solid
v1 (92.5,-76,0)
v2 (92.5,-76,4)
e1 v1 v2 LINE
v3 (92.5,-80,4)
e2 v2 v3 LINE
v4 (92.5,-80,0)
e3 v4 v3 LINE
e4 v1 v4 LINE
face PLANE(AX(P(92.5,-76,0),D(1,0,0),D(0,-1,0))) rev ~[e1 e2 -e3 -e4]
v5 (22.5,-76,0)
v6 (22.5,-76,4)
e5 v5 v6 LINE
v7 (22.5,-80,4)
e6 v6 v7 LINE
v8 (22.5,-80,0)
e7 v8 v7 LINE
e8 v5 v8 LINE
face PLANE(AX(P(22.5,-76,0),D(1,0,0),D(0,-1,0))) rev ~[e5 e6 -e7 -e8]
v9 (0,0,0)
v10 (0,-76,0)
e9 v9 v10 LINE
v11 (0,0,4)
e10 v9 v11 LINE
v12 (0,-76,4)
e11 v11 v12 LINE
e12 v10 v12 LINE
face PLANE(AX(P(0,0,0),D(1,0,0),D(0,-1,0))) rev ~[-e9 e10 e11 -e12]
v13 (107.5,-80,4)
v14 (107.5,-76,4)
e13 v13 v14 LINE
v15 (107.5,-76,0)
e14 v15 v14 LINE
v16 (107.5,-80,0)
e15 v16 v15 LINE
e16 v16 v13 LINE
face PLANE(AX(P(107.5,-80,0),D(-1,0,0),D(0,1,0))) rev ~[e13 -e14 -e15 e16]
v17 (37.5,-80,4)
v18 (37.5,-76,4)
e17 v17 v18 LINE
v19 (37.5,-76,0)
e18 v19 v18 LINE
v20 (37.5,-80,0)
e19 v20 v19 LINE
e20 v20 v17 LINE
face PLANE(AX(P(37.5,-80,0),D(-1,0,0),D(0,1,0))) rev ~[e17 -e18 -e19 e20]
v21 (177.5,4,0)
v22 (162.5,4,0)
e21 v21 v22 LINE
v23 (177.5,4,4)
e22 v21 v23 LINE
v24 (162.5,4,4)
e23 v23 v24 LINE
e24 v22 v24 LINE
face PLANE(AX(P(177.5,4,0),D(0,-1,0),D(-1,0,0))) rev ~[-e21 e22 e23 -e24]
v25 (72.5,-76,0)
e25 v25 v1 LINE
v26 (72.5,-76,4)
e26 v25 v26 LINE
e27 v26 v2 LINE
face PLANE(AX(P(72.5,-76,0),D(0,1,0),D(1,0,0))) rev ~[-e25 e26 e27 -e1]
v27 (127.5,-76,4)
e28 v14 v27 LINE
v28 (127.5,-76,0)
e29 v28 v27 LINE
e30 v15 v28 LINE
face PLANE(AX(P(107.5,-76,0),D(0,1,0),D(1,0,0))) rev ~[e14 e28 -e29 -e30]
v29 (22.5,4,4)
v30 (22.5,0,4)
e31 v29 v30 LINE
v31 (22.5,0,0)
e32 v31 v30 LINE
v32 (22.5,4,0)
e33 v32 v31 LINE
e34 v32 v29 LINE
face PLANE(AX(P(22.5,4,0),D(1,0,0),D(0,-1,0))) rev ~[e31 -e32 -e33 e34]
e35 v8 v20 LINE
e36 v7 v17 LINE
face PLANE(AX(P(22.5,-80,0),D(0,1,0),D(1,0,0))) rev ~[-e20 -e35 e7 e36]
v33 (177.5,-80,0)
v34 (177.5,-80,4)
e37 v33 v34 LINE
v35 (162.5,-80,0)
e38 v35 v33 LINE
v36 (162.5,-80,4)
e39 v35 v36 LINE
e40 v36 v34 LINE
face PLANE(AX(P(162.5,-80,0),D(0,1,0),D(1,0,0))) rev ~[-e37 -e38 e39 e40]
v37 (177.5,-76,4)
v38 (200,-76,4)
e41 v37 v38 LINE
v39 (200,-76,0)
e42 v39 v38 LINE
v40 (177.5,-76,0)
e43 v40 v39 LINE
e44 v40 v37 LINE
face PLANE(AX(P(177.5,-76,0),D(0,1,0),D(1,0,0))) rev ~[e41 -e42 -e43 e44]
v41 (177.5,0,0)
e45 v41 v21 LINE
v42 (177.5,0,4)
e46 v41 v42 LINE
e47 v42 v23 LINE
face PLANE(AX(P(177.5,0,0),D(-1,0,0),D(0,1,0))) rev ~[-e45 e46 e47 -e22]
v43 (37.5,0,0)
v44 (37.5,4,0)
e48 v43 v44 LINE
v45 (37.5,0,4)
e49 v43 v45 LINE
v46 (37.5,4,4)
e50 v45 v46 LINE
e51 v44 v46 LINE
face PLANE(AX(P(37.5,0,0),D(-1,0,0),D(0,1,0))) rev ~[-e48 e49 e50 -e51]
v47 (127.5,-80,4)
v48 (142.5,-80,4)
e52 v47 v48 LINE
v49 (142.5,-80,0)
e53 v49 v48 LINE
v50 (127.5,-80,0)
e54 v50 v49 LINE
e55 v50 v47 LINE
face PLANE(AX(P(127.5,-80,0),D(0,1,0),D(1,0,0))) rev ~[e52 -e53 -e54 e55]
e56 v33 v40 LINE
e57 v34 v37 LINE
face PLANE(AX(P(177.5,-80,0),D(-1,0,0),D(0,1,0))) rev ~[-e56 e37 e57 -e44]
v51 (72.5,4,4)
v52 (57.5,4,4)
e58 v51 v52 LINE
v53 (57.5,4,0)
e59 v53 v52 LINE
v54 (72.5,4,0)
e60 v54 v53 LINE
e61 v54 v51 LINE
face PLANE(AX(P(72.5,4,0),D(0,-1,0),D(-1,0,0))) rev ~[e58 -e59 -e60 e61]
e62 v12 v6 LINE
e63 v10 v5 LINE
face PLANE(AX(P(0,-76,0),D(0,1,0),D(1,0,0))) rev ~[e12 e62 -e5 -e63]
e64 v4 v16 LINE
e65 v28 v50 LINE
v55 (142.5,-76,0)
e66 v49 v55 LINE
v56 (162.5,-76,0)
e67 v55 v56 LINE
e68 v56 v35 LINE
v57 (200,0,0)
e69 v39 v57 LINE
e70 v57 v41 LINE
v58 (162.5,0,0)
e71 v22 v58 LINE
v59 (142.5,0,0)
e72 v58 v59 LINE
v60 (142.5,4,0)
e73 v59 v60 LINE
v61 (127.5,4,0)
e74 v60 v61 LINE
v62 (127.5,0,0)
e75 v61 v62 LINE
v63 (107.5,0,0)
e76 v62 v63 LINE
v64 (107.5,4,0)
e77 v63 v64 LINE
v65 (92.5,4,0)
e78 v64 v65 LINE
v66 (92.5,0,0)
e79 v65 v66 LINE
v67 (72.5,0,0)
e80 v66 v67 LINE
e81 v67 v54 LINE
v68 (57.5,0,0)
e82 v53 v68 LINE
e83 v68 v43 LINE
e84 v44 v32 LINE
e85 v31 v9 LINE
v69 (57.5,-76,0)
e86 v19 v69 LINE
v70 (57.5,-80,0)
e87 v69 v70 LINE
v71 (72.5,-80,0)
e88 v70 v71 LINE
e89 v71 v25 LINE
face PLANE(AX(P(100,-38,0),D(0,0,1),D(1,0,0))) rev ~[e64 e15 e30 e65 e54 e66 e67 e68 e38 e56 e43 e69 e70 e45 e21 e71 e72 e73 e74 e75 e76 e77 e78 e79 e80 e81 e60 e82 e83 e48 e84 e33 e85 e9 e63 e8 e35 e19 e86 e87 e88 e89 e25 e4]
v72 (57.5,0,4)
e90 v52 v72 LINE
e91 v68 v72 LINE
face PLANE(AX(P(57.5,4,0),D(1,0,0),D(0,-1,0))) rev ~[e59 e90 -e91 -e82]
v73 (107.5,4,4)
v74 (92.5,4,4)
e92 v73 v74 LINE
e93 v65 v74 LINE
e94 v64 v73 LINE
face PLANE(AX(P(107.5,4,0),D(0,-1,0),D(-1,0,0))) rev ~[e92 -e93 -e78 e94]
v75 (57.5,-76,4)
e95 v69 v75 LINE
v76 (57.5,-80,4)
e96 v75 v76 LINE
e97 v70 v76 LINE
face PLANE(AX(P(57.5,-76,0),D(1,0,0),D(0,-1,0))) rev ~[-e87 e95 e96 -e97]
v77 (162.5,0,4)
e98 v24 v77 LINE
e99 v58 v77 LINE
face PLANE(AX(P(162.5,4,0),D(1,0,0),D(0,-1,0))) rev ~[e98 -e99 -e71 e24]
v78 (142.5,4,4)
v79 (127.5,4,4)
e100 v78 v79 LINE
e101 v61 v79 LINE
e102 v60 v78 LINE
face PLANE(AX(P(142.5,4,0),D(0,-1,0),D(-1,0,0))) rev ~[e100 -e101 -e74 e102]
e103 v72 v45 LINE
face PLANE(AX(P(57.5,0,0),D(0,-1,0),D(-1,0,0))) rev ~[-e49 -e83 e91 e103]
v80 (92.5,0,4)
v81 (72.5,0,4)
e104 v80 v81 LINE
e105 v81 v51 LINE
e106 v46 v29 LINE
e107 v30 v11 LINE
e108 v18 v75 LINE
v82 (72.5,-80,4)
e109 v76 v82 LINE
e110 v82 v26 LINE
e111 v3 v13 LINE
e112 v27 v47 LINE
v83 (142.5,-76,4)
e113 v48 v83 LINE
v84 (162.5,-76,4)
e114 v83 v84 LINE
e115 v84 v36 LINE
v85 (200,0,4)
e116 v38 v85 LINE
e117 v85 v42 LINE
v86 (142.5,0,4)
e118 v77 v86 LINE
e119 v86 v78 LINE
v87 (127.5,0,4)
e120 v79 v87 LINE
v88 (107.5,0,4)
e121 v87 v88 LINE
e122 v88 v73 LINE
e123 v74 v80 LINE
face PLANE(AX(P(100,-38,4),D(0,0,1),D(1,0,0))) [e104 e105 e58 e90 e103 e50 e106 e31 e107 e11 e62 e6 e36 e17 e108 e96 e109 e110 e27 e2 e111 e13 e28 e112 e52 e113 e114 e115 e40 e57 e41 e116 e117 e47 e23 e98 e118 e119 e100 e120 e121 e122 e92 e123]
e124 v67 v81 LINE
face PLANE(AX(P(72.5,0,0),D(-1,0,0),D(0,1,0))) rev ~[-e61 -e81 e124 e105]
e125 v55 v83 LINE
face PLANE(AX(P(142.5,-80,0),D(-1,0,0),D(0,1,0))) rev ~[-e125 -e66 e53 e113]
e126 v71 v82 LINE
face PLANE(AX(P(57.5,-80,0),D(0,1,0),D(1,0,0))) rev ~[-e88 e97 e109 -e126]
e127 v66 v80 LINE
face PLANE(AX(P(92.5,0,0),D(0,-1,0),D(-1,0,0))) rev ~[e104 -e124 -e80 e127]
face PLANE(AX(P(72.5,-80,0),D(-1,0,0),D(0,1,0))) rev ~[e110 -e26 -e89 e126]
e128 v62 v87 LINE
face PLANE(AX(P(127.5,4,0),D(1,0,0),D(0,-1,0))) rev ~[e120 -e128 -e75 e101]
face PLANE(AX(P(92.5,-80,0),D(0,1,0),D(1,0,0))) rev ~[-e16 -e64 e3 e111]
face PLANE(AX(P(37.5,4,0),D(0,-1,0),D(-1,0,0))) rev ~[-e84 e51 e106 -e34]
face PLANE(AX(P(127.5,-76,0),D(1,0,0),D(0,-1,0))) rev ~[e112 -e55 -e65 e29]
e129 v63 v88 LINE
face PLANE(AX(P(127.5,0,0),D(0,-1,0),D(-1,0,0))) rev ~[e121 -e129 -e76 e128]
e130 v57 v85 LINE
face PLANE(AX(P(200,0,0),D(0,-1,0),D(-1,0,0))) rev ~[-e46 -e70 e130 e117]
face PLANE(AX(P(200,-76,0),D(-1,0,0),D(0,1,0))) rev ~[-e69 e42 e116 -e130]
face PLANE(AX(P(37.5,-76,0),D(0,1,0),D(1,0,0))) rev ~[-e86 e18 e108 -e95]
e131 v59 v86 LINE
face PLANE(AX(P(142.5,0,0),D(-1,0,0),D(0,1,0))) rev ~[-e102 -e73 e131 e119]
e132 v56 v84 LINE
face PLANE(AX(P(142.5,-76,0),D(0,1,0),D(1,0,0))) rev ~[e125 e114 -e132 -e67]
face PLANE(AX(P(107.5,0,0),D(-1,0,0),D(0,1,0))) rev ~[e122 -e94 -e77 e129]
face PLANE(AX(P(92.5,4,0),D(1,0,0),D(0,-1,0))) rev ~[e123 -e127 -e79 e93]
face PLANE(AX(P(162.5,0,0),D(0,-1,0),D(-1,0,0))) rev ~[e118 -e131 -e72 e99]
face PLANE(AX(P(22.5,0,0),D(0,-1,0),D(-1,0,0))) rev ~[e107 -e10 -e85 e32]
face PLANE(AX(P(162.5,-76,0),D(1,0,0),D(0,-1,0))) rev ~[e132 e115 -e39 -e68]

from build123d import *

# Parameters (mm, degrees)
BOSS_EXTRUDE1_DEPTH = 4


with BuildPart() as part:
    # Sketch2 → Boss-Extrude1 (new body)
    with BuildSketch(Plane.XY):
        Polygon((37.5, -76), (57.5, -76), (57.5, -80), (72.5, -80), (72.5, -76), (92.5, -76), (92.5, -80), (107.5, -80), (107.5, -76), (127.5, -76), (127.5, -80), (142.5, -80), (142.5, -76), (162.5, -76), (162.5, -80), (177.5, -80), (177.5, -76), (200, -76), (200, 0), (177.5, 0), (177.5, 4), (162.5, 4), (162.5, 0), (142.5, 0), (142.5, 4), (127.5, 4), (127.5, 0), (107.5, 0), (107.5, 4), (92.5, 4), (92.5, 0), (72.5, 0), (72.5, 4), (57.5, 4), (57.5, 0), (37.5, 0), (37.5, 4), (22.5, 4), (22.5, 0), (0, 0), (0, -76), (22.5, -76), (22.5, -80), (37.5, -80), align=None)
    extrude(amount=BOSS_EXTRUDE1_DEPTH)


solid = part.part
